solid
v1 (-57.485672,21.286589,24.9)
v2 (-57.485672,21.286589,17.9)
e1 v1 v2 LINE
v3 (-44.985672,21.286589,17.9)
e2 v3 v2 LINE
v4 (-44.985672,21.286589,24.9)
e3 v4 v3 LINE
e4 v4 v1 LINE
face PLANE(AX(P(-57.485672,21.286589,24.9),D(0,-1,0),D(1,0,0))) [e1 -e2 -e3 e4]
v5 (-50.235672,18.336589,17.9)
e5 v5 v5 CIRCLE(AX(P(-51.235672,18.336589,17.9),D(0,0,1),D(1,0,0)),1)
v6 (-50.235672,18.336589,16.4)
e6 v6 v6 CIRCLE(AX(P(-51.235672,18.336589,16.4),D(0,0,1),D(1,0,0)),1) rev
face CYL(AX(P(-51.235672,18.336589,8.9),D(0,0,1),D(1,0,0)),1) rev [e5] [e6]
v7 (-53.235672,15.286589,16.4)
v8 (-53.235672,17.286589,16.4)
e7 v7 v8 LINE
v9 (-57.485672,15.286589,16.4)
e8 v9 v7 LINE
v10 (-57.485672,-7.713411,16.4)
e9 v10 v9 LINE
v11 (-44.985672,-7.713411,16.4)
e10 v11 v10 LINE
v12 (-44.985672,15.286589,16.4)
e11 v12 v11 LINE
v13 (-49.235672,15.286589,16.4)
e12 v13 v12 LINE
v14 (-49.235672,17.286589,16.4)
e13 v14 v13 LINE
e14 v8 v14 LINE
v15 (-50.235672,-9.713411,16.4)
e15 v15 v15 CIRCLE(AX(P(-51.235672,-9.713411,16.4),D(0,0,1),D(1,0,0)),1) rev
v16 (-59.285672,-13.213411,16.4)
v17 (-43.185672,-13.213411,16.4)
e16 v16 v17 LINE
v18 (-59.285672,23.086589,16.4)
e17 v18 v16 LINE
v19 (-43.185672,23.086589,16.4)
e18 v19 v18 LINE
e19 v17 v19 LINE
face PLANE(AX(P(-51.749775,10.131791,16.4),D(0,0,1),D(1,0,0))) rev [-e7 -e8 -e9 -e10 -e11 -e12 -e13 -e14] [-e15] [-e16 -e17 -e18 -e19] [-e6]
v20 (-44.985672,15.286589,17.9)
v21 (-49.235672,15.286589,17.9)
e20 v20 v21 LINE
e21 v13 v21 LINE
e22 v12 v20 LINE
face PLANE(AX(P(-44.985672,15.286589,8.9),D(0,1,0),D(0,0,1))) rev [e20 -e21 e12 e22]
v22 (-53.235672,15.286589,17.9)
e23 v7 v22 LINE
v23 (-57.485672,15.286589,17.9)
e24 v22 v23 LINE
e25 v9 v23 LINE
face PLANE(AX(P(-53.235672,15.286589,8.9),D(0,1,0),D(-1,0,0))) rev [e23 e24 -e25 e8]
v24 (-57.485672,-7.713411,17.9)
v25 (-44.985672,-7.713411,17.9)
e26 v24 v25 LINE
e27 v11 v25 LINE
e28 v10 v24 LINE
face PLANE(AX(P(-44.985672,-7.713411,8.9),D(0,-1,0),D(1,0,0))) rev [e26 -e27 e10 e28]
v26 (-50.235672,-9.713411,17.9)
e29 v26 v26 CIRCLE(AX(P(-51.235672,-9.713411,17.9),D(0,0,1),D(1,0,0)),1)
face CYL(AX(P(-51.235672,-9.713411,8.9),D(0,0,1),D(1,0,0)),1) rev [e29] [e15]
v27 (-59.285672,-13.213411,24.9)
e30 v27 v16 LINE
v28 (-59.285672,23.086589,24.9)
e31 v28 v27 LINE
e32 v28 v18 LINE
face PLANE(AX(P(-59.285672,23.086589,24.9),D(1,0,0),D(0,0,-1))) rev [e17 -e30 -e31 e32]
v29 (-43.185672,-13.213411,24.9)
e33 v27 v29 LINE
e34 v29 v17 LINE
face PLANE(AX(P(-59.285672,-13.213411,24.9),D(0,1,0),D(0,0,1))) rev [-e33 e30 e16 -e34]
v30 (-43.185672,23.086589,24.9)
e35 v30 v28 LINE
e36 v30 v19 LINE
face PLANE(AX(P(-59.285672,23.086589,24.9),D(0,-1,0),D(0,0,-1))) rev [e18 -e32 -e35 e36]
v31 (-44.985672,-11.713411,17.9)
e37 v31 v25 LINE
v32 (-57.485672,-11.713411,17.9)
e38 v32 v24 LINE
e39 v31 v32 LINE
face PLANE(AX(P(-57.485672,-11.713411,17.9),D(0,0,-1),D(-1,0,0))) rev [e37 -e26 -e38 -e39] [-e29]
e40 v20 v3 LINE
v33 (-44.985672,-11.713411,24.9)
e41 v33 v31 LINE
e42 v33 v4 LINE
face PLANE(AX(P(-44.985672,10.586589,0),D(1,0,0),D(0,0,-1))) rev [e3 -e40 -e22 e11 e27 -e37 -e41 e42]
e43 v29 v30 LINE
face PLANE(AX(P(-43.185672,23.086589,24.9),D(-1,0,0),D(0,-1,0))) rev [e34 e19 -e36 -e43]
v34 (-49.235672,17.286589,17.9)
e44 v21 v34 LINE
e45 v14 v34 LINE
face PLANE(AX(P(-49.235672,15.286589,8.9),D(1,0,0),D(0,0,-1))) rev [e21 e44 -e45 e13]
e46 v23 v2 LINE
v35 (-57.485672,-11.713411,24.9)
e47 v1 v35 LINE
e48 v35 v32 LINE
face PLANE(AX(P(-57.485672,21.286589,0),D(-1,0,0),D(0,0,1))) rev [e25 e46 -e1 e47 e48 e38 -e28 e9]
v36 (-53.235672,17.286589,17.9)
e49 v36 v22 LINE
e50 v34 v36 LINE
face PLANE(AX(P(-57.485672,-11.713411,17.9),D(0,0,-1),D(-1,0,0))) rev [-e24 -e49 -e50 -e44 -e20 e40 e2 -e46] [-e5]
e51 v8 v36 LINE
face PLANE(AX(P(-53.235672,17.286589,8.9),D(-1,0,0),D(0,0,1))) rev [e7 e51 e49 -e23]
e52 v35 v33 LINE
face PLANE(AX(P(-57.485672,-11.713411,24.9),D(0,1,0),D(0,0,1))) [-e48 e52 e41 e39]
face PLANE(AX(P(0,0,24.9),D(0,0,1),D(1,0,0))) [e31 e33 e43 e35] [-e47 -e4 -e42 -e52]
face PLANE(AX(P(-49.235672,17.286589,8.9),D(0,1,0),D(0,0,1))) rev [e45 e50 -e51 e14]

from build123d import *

# Parameters (mm, degrees)
CROQUIS1_R              = 31.5
SALIENTE_EXTRUIR1_DEPTH = 2.4
CROQUIS2_W              = 16.1
CROQUIS2_H              = 36.3
CROQUIS2_W_2            = 12.5
CROQUIS2_H_2            = 33
SALIENTE_EXTRUIR2_DEPTH = 22.5
CROQUIS5_W              = 16.1
CROQUIS5_H              = 36.3
CORTAR_EXTRUIR2_DEPTH   = 9
CROQUIS6_R              = 1.5
CORTAR_EXTRUIR3_DEPTH   = 2.4
CROQUIS7_W              = 12.5
CROQUIS7_H              = 9
SALIENTE_EXTRUIR3_DEPTH = 33
CROQUIS8_R              = 1
CORTAR_EXTRUIR5_DEPTH   = 9
SALIENTE_EXTRUIR4_DEPTH = 12.5
CROQUIS10_W             = 4
CROQUIS10_H             = 2
CORTAR_EXTRUIR6_DEPTH   = 9
SALIENTE_EXTRUIR5_DEPTH = 2.4
SALIENTE_EXTRUIR6_DEPTH = 16.099998
CORTAR_EXTRUIR7_DEPTH   = 1.8
CROQUIS14_R             = 1.5
SALIENTE_EXTRUIR7_DEPTH = 0.6
CORTAR_EXTRUIR8_START   = -17
CROQUIS17_R             = 41.453169239
CORTAR_EXTRUIR8_DEPTH   = 17


with BuildPart() as part:
    # Croquis1 → Saliente-Extruir1 (new body)
    with BuildSketch(Plane.XY):
        with Locations((-51.235671923, 9.786589019)):
            Circle(CROQUIS1_R)
    extrude(amount=SALIENTE_EXTRUIR1_DEPTH)

    # Croquis2 → Saliente-Extruir2 (add)
    with BuildSketch(Plane.XY.offset(2.4)):
        with Locations((-51.235671923, 4.936589019)):
            Rectangle(CROQUIS2_W, CROQUIS2_H)
        with Locations((-51.235671923, 4.786589019)):
            Rectangle(CROQUIS2_W_2, CROQUIS2_H_2, mode=Mode.SUBTRACT)
    extrude(amount=SALIENTE_EXTRUIR2_DEPTH)

    # Croquis5 → Cortar-Extruir2 (cut)
    with BuildSketch(Plane.XY.offset(2.4)):
        with Locations((-51.235671923, 4.936589019)):
            Rectangle(CROQUIS5_W, CROQUIS5_H)
    extrude(amount=-CORTAR_EXTRUIR2_DEPTH, mode=Mode.SUBTRACT)


with BuildPart() as cortar_extruir2_piece_1:
    # of the separate pieces the step leaves, piece 1, a body of its own (cortar_extruir2_pieces)
    add(part.part.solids().sort_by_distance((-19.735671923, 9.786589019, 0))[0])

    # Croquis6 → Cortar-Extruir3 (cut)
    with BuildSketch(Plane(origin=(0, 0, 0), x_dir=(-1, 0, 0), z_dir=(0, 0, -1))):
        with Locations((34.618662565, 26.403598377)):
            Circle(CROQUIS6_R)
        with Locations((67.85268128, 26.403598377)):
            Circle(CROQUIS6_R)
        with Locations((67.85268128, -6.830420339)):
            Circle(CROQUIS6_R)
        with Locations((34.618662565, -6.830420339)):
            Circle(CROQUIS6_R)
        Polygon((51.235671923, 23.086589019), (53.235671923, 23.086589019), (53.235671923, 43.086589019), (49.235671923, 43.086589019), (49.235671923, 23.086589019), align=None)
    extrude(amount=-CORTAR_EXTRUIR3_DEPTH, mode=Mode.SUBTRACT)



with BuildPart() as cortar_extruir2_piece_2:
    # of the separate pieces the step leaves, piece 2, a body of its own (cortar_extruir2_pieces)
    add(part.part.solids().sort_by_distance((-59.285671923, -13.213410981, 24.9))[0])

    # Croquis7 → Saliente-Extruir3 (add)
    with BuildSketch(Plane.XZ.offset(-21.286589019)):
        with Locations((-51.235671923, 13.4)):
            Rectangle(CROQUIS7_W, CROQUIS7_H)
    extrude(amount=SALIENTE_EXTRUIR3_DEPTH)

    # Croquis8 → Cortar-Extruir5 (cut)
    with BuildSketch(Plane.XY.offset(17.9)):
        with Locations((-51.235671923, -9.713410981)):
            Circle(CROQUIS8_R)
        with Locations((-51.235671923, 18.336589019)):
            Circle(CROQUIS8_R)
        Polygon((-44.985671923, -7.713410981), (-57.485671923, -7.713410981), (-57.485671923, 15.286589019), (-53.235671923, 15.286589019), (-53.235671923, 17.286589019), (-49.235671923, 17.286589019), (-49.235671923, 15.286589019), (-44.985671923, 15.286589019), align=None)
    extrude(amount=-CORTAR_EXTRUIR5_DEPTH, mode=Mode.SUBTRACT)

    # Croquis9 → Saliente-Extruir4 (add)
    with BuildSketch(Plane.ZY.offset(44.985671923)):
        Polygon((8.9, -7.713410981), (3.9, -11.713410981), (8.9, -11.713410981), align=None)
        Polygon((8.9, 15.286589019), (4.1, 21.286589019), (8.9, 21.286589019), align=None)
    extrude(amount=SALIENTE_EXTRUIR4_DEPTH)

    # Croquis10 → Cortar-Extruir6 (cut)
    with BuildSketch(Plane.XY.offset(8.9)):
        with Locations((-51.235671923, 16.286589019)):
            Rectangle(CROQUIS10_W, CROQUIS10_H)
    extrude(amount=-CORTAR_EXTRUIR6_DEPTH, mode=Mode.SUBTRACT)


with BuildPart() as cortar_extruir2_piece_1_1:
    add(cortar_extruir2_piece_1.part)

    add(cortar_extruir2_piece_2.part)  # Saliente-Extruir5 merges Cortar-Extruir2 piece 2
    # Croquis11 → Saliente-Extruir5 (add)
    with BuildSketch(Plane(origin=(0, 0, 2.4), x_dir=(-1, 0, 0), z_dir=(0, 0, -1))):
        Polygon((49.235671923, 23.086589019), (43.185671923, 23.086589019), (43.185671923, -13.213410981), (59.285671923, -13.213410981), (59.285671923, 23.086589019), (53.235671923, 23.086589019), (53.235671923, 21.286589019), (57.485671923, 21.286589019), (57.485671923, 10.586589019), (44.985671923, 10.586589019), (44.985671923, 21.286589019), (49.235671923, 21.286589019), align=None)
    extrude(amount=SALIENTE_EXTRUIR5_DEPTH)

    # Croquis12 → Saliente-Extruir6 (add)
    with BuildSketch(Plane(origin=(-43.185671923, 0, 0), x_dir=(0, 0, -1), z_dir=(1, 0, 0))):
        Polygon((-2.4, 23.086589019), (-7.4, 23.086589019), (-2.4, 29.386589019), align=None)
    extrude(amount=-SALIENTE_EXTRUIR6_DEPTH)

    # Croquis13 → Cortar-Extruir7 (cut)
    with BuildSketch(Plane.XY.offset(2.4)):
        Polygon((-31.385501057, -6.830420339), (-33.002081811, -4.030420339), (-36.235243318, -4.030420339), (-37.851824072, -6.830420339), (-36.235243318, -9.630420339), (-33.002081811, -9.630420339), align=None)
        Polygon((-64.619519773, -6.830420339), (-66.236100527, -4.030420339), (-69.469262034, -4.030420339), (-71.085842788, -6.830420339), (-69.469262034, -9.630420339), (-66.236100527, -9.630420339), align=None)
        Polygon((-37.851824072, 26.403598377), (-36.235243318, 23.603598377), (-33.002081811, 23.603598377), (-31.385501057, 26.403598377), (-33.002081811, 29.203598377), (-36.235243318, 29.203598377), align=None)
        Polygon((-71.085842788, 26.403598377), (-69.469262034, 23.603598377), (-66.236100527, 23.603598377), (-64.619519773, 26.403598377), (-66.236100527, 29.203598377), (-69.469262034, 29.203598377), align=None)
    extrude(amount=-CORTAR_EXTRUIR7_DEPTH, mode=Mode.SUBTRACT)

    # Croquis14 → Saliente-Extruir7 (add)
    with BuildSketch(Plane(origin=(0, 0, 0), x_dir=(-1, 0, 0), z_dir=(0, 0, -1))):
        with BuildLine():
            Line((53.235671923, 41.223032838), (53.235671923, 21.286589019))
            Line((53.235671923, 21.286589019), (57.485671923, 21.286589019))
            Line((57.485671923, 21.286589019), (57.485671923, 10.586589019))
            Line((57.485671923, 10.586589019), (44.985671923, 10.586589019))
            Line((44.985671923, 10.586589019), (44.985671923, 21.286589019))
            Line((44.985671923, 21.286589019), (49.235671923, 21.286589019))
            Line((49.235671923, 21.286589019), (49.235671923, 41.223032838))
            ThreePointArc((49.235671923, 41.223032838), (51.235671923, -21.713410981), (53.235671923, 41.223032838))
        make_face()
        with Locations((67.85268128, -6.830420339)):
            Circle(CROQUIS14_R, mode=Mode.SUBTRACT)
        with Locations((34.618662565, -6.830420339)):
            Circle(CROQUIS14_R, mode=Mode.SUBTRACT)
        with Locations((34.618662565, 26.403598377)):
            Circle(CROQUIS14_R, mode=Mode.SUBTRACT)
        with Locations((67.85268128, 26.403598377)):
            Circle(CROQUIS14_R, mode=Mode.SUBTRACT)
    extrude(amount=SALIENTE_EXTRUIR7_DEPTH)

    # Croquis17 → Cortar-Extruir8 (cut)
    with BuildSketch(Plane.XY.offset(16.4).offset(CORTAR_EXTRUIR8_START)):
        with Locations((-51.749775456, 10.131791007)):
            Circle(CROQUIS17_R)
    extrude(amount=CORTAR_EXTRUIR8_DEPTH, mode=Mode.SUBTRACT)


solid = cortar_extruir2_piece_1_1.part
